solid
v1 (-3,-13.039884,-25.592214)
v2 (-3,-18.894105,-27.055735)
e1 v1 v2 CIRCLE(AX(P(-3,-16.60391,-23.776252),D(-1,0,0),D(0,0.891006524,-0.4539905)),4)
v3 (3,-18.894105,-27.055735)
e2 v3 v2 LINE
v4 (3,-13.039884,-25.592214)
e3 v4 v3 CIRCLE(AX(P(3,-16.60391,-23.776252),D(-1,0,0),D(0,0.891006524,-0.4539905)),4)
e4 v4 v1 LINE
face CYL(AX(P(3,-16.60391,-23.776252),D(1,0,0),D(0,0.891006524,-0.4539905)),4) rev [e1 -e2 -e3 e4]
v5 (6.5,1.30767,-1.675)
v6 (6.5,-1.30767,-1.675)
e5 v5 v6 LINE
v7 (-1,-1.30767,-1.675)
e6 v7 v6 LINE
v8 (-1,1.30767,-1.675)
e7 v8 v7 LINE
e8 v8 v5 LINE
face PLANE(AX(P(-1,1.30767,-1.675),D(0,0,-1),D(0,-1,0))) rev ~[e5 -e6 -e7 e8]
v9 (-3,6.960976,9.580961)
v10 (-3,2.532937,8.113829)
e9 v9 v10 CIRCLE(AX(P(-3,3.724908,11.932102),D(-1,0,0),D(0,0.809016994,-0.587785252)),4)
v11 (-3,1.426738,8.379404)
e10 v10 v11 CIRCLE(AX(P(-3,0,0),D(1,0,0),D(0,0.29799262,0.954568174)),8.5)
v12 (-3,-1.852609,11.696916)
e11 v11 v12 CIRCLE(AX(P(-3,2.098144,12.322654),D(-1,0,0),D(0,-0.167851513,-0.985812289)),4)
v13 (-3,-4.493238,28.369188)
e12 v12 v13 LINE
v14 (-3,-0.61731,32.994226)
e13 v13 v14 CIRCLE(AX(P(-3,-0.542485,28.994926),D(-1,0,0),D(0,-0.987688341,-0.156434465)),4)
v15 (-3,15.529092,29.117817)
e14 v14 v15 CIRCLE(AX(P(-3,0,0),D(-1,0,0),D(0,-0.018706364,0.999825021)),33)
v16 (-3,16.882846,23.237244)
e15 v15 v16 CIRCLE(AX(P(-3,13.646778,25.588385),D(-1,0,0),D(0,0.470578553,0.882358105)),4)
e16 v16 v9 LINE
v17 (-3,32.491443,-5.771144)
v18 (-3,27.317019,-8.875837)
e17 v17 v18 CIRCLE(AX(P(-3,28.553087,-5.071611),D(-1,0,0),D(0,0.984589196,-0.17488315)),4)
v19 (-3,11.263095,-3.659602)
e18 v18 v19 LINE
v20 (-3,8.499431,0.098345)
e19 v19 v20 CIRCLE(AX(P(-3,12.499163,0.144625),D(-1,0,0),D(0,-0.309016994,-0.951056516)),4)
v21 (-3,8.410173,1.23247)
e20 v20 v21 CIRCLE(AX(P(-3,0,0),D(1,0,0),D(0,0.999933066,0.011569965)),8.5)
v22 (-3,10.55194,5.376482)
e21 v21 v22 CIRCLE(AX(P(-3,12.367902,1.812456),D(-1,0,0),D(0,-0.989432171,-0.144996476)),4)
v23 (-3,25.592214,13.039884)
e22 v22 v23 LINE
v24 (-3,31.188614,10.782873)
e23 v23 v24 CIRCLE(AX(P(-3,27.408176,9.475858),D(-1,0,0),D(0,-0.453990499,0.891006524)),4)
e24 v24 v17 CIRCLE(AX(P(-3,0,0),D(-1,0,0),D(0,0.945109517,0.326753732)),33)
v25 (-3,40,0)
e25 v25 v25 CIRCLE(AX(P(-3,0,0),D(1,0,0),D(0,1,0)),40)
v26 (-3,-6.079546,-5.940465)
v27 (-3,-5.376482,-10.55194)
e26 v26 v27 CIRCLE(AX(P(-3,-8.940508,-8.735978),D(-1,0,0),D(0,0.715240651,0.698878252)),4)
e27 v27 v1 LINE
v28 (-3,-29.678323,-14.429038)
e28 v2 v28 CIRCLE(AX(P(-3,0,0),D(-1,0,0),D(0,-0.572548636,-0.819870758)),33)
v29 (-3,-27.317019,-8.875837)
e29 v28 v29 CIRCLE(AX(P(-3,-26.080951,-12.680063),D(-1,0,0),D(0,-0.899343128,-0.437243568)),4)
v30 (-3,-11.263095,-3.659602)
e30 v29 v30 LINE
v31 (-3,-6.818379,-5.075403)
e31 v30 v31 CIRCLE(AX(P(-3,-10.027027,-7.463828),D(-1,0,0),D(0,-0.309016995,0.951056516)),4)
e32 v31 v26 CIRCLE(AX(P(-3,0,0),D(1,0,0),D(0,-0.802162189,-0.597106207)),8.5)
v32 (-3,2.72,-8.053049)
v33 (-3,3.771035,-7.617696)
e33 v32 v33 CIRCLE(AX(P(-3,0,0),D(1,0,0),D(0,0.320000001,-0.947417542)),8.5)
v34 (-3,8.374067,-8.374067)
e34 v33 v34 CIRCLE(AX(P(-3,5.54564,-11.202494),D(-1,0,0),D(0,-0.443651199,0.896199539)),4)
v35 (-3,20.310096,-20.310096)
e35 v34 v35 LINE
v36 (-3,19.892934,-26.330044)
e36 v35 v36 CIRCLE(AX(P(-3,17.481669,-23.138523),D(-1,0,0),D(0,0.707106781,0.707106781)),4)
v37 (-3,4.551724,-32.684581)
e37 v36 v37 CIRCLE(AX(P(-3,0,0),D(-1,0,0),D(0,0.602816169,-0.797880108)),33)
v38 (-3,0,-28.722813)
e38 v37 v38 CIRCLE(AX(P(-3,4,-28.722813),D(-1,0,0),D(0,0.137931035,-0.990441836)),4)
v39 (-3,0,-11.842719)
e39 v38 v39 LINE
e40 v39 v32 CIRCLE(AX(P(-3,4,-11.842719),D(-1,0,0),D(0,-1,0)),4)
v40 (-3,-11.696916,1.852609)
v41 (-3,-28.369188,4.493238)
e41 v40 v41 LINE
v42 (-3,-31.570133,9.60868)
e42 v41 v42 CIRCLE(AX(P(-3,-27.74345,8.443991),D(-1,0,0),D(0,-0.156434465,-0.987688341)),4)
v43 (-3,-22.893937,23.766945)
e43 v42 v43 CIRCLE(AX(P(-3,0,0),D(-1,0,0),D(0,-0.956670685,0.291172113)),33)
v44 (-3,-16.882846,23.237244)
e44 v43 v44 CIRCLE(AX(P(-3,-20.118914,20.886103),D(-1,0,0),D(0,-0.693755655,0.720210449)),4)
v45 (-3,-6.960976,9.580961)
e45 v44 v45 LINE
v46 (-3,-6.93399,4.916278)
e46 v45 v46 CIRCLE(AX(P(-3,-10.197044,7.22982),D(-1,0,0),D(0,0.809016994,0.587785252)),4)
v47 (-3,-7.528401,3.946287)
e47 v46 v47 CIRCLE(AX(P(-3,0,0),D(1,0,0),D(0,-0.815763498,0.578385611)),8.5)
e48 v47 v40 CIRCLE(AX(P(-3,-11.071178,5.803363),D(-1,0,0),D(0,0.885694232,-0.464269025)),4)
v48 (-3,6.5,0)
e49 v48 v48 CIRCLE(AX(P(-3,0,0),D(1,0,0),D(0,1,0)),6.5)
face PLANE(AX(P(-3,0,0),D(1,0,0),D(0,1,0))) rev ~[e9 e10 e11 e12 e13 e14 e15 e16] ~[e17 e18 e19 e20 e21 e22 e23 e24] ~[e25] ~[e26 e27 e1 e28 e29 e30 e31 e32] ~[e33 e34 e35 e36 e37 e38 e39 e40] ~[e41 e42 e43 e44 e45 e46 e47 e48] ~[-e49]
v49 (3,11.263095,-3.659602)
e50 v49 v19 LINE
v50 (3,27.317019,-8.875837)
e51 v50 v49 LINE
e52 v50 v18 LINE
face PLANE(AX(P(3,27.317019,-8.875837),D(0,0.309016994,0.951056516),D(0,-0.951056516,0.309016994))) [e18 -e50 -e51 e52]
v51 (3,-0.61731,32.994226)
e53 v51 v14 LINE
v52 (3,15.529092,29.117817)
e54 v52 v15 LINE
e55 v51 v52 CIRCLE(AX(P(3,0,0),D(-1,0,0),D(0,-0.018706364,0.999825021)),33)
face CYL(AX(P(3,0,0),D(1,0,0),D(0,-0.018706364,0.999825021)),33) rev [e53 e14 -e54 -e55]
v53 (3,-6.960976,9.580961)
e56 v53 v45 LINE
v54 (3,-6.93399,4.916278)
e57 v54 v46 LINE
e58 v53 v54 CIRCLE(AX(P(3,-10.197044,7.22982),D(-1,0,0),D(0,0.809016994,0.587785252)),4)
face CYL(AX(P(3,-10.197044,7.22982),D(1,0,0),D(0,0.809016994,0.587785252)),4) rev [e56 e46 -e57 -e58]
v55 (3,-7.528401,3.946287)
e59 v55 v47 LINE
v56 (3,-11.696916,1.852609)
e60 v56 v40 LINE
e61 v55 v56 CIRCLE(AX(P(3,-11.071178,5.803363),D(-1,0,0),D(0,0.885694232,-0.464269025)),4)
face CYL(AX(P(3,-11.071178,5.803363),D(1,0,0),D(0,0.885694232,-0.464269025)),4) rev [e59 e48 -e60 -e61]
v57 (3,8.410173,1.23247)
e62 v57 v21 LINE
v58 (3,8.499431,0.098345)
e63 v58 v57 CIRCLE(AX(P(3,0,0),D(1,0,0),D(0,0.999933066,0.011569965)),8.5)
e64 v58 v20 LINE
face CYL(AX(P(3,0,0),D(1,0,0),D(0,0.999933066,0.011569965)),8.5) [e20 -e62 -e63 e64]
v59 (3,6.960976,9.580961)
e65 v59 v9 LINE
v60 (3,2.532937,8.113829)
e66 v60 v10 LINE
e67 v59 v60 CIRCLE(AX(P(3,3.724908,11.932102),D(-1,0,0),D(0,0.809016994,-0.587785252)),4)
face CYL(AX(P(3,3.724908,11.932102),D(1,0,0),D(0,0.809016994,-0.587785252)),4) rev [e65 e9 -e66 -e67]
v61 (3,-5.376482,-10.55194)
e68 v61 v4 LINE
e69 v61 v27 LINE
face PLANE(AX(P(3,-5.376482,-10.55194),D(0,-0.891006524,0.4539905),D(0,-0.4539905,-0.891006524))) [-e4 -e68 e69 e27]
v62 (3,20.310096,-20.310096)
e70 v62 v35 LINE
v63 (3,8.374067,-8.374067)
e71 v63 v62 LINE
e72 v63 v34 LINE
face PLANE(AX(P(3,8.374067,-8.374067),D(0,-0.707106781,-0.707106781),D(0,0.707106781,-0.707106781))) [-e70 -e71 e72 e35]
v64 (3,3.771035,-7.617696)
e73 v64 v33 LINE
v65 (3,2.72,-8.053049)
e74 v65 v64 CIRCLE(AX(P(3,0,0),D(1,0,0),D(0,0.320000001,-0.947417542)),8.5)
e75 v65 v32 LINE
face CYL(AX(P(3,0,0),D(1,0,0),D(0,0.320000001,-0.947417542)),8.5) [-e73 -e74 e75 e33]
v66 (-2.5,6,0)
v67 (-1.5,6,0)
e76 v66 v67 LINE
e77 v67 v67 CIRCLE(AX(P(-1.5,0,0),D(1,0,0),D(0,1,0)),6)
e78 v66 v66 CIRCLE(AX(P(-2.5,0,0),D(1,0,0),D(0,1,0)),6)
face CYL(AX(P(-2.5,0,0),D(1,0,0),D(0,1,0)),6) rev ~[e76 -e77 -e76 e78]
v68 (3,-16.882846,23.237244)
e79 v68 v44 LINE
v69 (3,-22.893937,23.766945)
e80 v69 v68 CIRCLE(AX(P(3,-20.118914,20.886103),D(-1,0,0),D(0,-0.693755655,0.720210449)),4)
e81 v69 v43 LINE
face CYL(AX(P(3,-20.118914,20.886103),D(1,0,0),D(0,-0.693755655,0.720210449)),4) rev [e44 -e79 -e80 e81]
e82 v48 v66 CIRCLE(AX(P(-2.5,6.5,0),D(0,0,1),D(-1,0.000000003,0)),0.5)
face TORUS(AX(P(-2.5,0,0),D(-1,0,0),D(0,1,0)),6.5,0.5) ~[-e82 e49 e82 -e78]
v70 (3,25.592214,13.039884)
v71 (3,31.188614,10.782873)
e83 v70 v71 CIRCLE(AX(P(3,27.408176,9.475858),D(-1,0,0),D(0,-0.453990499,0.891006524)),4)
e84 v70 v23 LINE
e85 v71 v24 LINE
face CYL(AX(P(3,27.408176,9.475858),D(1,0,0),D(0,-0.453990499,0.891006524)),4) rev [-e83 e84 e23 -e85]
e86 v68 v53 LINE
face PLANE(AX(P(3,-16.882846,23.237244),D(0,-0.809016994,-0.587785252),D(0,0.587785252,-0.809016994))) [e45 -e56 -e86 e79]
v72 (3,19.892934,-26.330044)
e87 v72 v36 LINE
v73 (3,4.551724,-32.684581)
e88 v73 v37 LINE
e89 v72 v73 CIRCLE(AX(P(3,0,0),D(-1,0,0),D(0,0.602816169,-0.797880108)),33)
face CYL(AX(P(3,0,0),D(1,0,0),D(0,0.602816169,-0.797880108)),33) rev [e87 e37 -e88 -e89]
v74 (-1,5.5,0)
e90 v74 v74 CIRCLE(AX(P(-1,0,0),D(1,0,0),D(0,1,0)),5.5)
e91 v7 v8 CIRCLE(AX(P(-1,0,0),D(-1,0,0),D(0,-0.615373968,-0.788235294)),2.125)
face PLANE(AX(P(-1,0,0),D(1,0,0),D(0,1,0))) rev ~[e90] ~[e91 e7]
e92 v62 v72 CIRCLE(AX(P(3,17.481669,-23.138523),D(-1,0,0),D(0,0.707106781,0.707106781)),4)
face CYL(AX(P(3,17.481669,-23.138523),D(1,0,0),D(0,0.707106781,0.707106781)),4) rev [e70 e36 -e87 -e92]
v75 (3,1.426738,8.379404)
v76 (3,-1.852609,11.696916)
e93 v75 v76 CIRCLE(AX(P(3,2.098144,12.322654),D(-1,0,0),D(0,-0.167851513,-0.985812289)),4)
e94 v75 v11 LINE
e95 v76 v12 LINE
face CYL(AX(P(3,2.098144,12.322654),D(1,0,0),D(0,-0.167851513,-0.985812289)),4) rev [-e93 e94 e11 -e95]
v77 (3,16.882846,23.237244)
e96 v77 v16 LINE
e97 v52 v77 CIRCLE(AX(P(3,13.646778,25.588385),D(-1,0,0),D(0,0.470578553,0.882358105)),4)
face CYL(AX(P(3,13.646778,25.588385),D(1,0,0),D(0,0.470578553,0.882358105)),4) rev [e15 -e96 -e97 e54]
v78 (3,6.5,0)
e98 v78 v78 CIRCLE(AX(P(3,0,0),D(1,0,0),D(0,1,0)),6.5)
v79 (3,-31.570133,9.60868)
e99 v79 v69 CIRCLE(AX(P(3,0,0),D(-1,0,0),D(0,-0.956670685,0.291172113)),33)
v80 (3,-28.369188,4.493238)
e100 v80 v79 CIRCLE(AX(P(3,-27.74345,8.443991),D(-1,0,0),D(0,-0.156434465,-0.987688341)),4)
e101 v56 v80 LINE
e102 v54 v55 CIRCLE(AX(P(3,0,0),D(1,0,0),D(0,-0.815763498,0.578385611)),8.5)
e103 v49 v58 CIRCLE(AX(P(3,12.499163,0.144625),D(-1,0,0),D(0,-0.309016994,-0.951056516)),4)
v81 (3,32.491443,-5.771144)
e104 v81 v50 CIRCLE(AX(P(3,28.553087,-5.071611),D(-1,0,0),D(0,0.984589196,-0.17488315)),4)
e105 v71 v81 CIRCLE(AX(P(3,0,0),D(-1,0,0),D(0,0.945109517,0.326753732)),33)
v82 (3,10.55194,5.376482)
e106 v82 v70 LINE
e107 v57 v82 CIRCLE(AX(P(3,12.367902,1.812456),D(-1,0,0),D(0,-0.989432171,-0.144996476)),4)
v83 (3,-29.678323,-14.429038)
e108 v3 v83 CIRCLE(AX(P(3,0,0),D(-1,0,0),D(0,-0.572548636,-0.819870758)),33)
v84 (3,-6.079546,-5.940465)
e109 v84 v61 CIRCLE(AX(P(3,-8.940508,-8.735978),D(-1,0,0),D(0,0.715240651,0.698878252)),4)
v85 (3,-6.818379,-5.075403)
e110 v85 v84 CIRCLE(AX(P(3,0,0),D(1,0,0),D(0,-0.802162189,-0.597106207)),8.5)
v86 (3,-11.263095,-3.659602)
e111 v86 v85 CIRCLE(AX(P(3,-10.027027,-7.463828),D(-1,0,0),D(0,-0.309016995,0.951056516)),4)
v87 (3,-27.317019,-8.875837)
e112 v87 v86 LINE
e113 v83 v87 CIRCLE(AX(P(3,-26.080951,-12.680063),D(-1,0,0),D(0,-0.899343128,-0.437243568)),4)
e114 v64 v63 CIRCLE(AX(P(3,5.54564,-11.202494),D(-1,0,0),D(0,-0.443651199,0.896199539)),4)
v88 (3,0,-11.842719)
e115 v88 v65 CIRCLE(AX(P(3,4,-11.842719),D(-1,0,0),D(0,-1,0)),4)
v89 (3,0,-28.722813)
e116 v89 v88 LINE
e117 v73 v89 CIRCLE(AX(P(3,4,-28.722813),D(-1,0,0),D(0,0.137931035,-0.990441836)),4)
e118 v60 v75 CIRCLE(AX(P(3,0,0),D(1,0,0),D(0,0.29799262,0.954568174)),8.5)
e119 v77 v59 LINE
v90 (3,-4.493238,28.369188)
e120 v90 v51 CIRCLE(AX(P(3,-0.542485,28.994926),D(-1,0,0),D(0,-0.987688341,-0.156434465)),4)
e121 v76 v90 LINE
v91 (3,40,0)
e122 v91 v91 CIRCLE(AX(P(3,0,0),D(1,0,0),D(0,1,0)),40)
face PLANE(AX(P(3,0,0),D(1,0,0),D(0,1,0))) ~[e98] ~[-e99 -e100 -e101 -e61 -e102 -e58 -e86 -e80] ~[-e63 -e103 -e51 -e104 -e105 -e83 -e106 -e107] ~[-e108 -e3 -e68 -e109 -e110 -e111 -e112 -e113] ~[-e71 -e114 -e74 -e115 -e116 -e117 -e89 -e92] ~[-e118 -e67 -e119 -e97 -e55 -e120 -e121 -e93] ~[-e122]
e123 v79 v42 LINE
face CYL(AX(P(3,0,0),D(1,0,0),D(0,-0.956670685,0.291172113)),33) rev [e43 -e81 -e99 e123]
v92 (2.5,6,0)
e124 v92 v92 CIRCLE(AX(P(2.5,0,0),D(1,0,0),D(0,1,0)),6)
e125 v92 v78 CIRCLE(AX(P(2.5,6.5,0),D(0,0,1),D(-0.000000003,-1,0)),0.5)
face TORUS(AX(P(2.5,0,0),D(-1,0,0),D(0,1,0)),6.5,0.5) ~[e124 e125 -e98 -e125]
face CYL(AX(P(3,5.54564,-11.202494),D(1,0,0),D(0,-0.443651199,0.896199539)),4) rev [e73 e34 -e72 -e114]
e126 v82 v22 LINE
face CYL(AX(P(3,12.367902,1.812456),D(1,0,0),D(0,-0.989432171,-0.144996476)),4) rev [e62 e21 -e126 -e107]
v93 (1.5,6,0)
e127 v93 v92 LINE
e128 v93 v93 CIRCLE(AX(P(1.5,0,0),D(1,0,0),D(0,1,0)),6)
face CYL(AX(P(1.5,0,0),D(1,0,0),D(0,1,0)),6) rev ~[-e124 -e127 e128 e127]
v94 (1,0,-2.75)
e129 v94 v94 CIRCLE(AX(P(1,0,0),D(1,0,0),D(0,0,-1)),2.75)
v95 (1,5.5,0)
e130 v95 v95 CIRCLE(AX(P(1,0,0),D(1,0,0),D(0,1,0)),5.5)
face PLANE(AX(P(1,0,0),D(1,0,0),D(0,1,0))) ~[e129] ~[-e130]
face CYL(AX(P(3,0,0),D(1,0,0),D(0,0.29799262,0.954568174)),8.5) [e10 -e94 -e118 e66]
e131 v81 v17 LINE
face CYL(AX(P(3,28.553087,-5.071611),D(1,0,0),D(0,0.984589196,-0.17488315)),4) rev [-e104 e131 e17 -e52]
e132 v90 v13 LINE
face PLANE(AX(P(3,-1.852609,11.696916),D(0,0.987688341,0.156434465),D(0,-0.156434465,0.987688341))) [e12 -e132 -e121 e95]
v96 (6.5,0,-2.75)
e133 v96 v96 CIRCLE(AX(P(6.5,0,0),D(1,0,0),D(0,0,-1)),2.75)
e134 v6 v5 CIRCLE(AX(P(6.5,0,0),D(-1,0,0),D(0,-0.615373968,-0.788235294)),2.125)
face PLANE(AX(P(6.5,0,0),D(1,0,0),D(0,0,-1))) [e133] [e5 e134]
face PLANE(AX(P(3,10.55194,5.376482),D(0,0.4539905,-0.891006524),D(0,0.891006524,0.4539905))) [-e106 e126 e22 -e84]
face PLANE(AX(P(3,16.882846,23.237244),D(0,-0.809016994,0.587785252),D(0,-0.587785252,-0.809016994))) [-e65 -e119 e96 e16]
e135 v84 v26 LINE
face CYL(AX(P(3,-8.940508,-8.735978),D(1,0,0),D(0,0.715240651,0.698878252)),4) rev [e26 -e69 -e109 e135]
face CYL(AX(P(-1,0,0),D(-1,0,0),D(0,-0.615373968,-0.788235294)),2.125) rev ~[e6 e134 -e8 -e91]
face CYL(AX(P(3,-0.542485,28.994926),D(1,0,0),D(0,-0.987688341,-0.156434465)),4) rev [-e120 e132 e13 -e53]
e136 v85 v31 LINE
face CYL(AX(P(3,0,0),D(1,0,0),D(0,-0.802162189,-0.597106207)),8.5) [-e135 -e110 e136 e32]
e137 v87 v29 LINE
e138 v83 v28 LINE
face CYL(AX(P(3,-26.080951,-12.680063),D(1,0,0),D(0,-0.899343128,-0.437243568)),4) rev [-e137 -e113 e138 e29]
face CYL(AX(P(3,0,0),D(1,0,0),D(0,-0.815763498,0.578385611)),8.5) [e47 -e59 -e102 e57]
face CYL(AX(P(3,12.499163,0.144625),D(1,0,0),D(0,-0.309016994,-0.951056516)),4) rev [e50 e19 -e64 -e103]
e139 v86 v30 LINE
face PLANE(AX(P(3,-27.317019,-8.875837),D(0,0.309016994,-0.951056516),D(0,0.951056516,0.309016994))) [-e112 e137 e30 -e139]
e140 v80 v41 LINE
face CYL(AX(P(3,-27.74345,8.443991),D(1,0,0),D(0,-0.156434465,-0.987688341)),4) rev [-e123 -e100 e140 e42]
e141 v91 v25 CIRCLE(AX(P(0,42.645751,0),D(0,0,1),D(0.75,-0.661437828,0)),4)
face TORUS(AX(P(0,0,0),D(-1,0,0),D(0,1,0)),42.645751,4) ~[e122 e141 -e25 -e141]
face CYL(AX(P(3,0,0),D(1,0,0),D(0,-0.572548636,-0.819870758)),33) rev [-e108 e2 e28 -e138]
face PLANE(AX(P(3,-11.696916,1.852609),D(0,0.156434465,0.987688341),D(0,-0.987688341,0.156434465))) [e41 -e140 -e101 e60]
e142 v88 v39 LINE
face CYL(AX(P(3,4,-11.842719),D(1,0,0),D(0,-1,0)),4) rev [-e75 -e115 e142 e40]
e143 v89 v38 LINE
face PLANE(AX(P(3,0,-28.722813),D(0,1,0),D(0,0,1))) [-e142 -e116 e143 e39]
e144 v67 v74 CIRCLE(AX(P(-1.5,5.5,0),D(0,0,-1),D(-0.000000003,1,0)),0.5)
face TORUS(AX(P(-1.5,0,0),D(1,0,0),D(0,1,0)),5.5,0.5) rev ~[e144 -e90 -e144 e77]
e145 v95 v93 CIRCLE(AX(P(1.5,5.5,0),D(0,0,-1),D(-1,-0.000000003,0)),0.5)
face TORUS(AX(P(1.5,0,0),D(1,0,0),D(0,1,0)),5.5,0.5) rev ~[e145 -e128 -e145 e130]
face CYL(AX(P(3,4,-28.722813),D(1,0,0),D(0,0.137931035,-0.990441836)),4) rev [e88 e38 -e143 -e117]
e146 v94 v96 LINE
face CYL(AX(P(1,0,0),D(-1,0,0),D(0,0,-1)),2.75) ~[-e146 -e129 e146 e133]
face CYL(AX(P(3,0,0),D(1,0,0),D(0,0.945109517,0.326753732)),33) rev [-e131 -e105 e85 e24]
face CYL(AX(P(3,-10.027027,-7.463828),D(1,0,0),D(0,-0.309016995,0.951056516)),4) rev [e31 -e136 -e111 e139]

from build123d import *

# Parameters (mm, degrees)
CUT_EXTRUDE1_DEPTH  = 6
CIRPATTERN1_COUNT   = 5
SKETCH8_R           = 2.75
BOSS_EXTRUDE1_DEPTH = 5.5
CUT_EXTRUDE2_REACH  = 9.5


with BuildPart() as part:
    # Sketch3 → Shape_Roue (revolve)
    with BuildSketch(Plane.XY):
        with BuildLine():
            Line((-1, 0), (1, 0))
            Line((1, 0), (1, 5.5))
            ThreePointArc((1, 5.5), (1.146446609, 5.853553391), (1.5, 6))
            Line((1.5, 6), (2.5, 6))
            ThreePointArc((2.5, 6), (2.853553391, 6.146446609), (3, 6.5))
            Line((3, 6.5), (3, 40))
            ThreePointArc((3, 40), (0, 46.645751311), (-3, 40))
            Line((-3, 40), (-3, 6.5))
            ThreePointArc((-3, 6.5), (-2.853553391, 6.146446609), (-2.5, 6))
            Line((-2.5, 6), (-1.5, 6))
            ThreePointArc((-1.5, 6), (-1.146446609, 5.853553391), (-1, 5.5))
            Line((-1, 5.5), (-1, 0))
        make_face()
    revolve(axis=Axis((0, 0, 0), (1, 0, 0)))

    # Sketch6 → Cut-Extrude1 (cut)
    with BuildSketch(Plane(origin=(3, 0, 0), x_dir=(0, 0, -1), z_dir=(1, 0, 0))):
        with BuildLine():
            Line((8.374067112, 8.374067112), (20.310096012, 20.310096012))
            ThreePointArc((20.310096012, 20.310096012), (23.415046761, 21.472099275), (26.330043569, 19.892933561))
            ThreePointArc((26.330043569, 19.892933561), (30.488024573, 12.628553268), (32.684580575, 4.551724138))
            ThreePointArc((32.684580575, 4.551724138), (31.740005351, 1.373871343), (28.722813233, 0))
            Line((28.722813233, 0), (11.842719282, 0))
            ThreePointArc((11.842719282, 0), (9.510338524, 0.750384638), (8.053049112, 2.72))
            ThreePointArc((8.053049112, 2.72), (7.852976026, 3.252809175), (7.617696081, 3.771035191))
            ThreePointArc((7.617696081, 3.771035191), (7.255426928, 6.194222796), (8.374067112, 8.374067112))
        make_face()
    cut_extrude1 = extrude(amount=-CUT_EXTRUDE1_DEPTH, mode=Mode.SUBTRACT)

    # CirPattern1: Cut-Extrude1 ×5 about axis
    cirpattern1_axis = Axis((0, 0, 0), (1, 0, 0))
    for i in range(1, CIRPATTERN1_COUNT):
        add(cut_extrude1.rotate(cirpattern1_axis, i * 360 / CIRPATTERN1_COUNT), mode=Mode.SUBTRACT)

    # Sketch8 → Boss-Extrude1 (add)
    with BuildSketch(Plane(origin=(1, 0, 0), x_dir=(0, 0, -1), z_dir=(1, 0, 0))):
        Circle(SKETCH8_R)
    extrude(amount=BOSS_EXTRUDE1_DEPTH)

    # Sketch7 → Cut-Extrude2 (cut, up to next)
    with BuildSketch(Plane(origin=(-1, 0, 0), x_dir=(0, 0, -1), z_dir=(1, 0, 0)), mode=Mode.PRIVATE) as cut_extrude2_sk1:
        with BuildLine():
            Line((1.675, 1.307669683), (1.675, -1.307669683))
            ThreePointArc((1.675, -1.307669683), (-2.125, 0), (1.675, 1.307669683))
        make_face()
    cut_extrude2_tool1 = extrude(cut_extrude2_sk1.sketch, amount=CUT_EXTRUDE2_REACH, mode=Mode.PRIVATE) & part.part
    add(cut_extrude2_tool1.solids().sort_by_distance((-1, 0, 0.111388))[0], mode=Mode.SUBTRACT)


solid = part.part
